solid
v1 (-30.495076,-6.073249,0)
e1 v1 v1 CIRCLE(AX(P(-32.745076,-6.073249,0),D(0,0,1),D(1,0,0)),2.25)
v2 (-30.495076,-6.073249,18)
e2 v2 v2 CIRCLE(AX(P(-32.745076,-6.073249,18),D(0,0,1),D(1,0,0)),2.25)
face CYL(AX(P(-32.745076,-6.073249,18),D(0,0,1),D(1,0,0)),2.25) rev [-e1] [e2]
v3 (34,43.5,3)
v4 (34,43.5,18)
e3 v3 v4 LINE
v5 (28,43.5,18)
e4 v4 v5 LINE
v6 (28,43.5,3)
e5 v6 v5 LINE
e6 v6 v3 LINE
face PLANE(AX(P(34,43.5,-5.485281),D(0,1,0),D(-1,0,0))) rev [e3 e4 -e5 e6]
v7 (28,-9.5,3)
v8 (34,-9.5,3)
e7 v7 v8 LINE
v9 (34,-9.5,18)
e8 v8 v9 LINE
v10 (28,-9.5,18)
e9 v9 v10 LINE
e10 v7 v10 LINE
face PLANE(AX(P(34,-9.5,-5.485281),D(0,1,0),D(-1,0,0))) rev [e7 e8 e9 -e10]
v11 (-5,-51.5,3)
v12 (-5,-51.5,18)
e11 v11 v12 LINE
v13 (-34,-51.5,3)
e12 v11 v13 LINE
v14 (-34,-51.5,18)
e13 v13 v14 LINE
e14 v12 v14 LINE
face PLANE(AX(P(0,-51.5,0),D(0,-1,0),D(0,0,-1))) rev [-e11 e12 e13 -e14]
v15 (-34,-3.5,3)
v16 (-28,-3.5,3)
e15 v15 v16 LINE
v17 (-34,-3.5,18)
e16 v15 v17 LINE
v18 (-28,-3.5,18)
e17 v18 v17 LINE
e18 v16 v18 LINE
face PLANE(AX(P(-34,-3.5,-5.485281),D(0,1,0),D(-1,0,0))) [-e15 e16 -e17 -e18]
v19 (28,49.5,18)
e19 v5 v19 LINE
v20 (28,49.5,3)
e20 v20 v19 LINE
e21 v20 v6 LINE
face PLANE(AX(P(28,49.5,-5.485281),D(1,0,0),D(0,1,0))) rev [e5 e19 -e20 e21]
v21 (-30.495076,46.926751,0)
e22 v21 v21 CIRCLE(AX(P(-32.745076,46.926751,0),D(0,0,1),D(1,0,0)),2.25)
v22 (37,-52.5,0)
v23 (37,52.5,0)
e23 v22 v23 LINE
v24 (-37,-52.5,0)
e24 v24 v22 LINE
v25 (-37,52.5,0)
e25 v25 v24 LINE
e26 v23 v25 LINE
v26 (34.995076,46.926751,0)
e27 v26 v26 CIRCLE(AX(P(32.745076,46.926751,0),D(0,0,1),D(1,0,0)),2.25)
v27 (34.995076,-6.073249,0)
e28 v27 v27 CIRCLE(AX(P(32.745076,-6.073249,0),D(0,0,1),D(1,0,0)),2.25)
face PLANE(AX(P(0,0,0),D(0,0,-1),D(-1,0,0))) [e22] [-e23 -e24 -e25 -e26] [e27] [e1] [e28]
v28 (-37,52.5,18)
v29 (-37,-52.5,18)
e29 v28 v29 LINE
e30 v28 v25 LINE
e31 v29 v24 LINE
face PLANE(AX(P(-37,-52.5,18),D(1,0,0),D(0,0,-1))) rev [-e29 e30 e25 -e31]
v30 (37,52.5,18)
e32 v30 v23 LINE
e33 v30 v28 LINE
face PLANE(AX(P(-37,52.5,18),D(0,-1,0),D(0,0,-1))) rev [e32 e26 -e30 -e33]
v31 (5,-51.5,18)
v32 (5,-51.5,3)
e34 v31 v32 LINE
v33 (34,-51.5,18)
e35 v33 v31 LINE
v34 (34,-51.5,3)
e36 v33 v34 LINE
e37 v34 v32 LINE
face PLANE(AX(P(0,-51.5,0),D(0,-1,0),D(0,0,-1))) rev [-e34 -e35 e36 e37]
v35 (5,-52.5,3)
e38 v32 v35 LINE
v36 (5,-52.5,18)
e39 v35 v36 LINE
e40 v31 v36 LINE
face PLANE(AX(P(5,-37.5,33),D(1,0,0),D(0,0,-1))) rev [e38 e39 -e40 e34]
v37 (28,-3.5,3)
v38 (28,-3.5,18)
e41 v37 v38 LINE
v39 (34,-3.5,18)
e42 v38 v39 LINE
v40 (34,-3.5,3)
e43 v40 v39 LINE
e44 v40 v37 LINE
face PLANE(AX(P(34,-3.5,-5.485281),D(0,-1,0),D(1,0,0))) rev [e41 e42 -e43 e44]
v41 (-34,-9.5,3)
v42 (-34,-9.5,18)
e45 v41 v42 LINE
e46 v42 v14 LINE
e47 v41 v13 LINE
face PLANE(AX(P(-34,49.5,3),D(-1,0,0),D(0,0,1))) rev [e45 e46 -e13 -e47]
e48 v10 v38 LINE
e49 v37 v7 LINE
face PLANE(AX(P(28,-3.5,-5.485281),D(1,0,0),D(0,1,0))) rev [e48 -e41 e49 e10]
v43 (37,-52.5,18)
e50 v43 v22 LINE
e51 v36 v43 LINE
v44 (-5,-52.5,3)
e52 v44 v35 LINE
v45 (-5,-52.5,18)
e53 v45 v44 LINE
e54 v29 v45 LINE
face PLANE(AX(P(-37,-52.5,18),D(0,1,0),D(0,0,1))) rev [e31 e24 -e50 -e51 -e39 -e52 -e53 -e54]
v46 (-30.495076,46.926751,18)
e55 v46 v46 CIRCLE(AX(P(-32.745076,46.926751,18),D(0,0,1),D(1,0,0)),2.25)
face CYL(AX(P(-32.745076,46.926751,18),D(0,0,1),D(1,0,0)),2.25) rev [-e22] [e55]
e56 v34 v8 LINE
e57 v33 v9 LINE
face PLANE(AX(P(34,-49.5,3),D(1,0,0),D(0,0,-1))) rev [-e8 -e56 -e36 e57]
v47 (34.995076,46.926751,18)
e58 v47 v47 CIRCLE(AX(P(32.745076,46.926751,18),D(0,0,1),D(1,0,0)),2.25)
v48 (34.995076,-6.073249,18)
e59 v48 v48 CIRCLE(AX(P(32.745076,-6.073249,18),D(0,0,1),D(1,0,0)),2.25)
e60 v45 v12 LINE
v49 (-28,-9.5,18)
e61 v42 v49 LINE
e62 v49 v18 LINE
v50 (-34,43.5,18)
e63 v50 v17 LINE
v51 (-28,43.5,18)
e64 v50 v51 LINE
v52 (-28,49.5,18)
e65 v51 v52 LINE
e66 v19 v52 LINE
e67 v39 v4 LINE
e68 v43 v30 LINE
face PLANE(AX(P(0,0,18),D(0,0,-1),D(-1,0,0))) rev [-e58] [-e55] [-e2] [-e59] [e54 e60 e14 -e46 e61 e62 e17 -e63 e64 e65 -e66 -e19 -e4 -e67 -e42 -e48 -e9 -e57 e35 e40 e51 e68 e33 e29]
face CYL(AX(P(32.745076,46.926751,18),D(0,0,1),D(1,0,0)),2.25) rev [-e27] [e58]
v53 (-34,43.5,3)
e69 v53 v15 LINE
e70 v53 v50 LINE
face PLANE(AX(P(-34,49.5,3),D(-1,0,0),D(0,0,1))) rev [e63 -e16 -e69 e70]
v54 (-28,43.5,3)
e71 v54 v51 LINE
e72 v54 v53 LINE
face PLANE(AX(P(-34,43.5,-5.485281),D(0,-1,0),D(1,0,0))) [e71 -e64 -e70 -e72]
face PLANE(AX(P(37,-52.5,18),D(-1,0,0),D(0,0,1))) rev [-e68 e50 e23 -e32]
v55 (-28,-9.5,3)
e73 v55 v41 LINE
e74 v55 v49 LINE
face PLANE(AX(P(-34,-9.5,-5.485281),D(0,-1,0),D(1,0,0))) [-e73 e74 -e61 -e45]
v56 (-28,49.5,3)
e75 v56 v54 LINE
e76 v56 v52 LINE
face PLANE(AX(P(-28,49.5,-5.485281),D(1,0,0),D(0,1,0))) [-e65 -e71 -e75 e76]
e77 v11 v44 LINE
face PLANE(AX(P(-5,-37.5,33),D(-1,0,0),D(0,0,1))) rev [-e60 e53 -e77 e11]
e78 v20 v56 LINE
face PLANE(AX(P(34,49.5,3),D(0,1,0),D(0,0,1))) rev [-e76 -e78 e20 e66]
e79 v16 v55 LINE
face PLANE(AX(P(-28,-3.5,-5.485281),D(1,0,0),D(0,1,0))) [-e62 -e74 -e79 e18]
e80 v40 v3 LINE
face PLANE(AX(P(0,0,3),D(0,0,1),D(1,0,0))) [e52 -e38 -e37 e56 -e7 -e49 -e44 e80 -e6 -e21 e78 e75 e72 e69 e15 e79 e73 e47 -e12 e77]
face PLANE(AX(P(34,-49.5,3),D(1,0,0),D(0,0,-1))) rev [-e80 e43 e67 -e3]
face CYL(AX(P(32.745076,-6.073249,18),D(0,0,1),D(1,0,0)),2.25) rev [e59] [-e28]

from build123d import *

# Parameters (mm, degrees)
ESQUISSE1_W                          = 74
ESQUISSE1_H                          = 105
BOSS_EXTRU_1_DEPTH                   = 18
ESQUISSE2_W                          = 68
ESQUISSE2_H                          = 99
ENL_V_MAT_EXTRU_1_DEPTH              = 15
ESQUISSE3_W                          = 6
ESQUISSE3_H                          = 6
BOSS_EXTRU_2_DEPTH                   = 15
D_GAGEMENT_M41_D                     = 4.5
ESQUISSE7_W                          = 10
ESQUISSE7_H                          = 30
ENL_V_MAT_EXTRU_2_DEPTH              = 15
R_P_TITION_LIN_AIRE3_COUNT           = 2
R_P_TITION_LIN_AIRE3_PITCH           = 53
R_P_TITION_LIN_AIRE3_COPY_1_SKETCH_W = 6
R_P_TITION_LIN_AIRE3_COPY_1_SKETCH_H = 6
R_P_TITION_LIN_AIRE3_COPY_1_DEPTH    = 15
R_P_TITION_LIN_AIRE3_COPY_2_D        = 4.5
ESQUISSE8_W                          = 68
ESQUISSE8_H                          = 33.530286581
ENL_V_MAT_EXTRU_3_DEPTH              = 2


with BuildPart() as part:
    # Esquisse1 → Boss.-Extru.1 (new body)
    with BuildSketch(Plane.XY):
        Rectangle(ESQUISSE1_W, ESQUISSE1_H)
    extrude(amount=BOSS_EXTRU_1_DEPTH)

    # Esquisse2 → Enlèv. mat.-Extru.1 (cut)
    with BuildSketch(Plane.XY.offset(18)):
        Rectangle(ESQUISSE2_W, ESQUISSE2_H)
    extrude(amount=-ENL_V_MAT_EXTRU_1_DEPTH, mode=Mode.SUBTRACT)

    # Esquisse3 → Boss.-Extru.2 (add)
    with BuildSketch(Plane.XY.offset(18)):
        with Locations((-31, 46.5)):
            Rectangle(ESQUISSE3_W, ESQUISSE3_H)
    boss_extru_2 = extrude(amount=-BOSS_EXTRU_2_DEPTH)

    # Dégagement M41 (through all)
    with Locations(Plane.XY.offset(18)):
        with Locations((-32.745076206, 46.926751476)):
            d_gagement_m41 = Hole(D_GAGEMENT_M41_D / 2)

    # Esquisse7 → Enlèv. mat.-Extru.2 (cut)
    with BuildSketch(Plane.XZ.offset(52.5)):
        with Locations((0, 18)):
            Rectangle(ESQUISSE7_W, ESQUISSE7_H)
    extrude(amount=-ENL_V_MAT_EXTRU_2_DEPTH, mode=Mode.SUBTRACT)

    # Symétrie5: Boss.-Extru.2, Dégagement M41 across plane
    add(boss_extru_2.mirror(Plane(origin=(0, 0, 0), x_dir=(0, 0, 1), z_dir=(1, 0, 0))))
    add(d_gagement_m41.mirror(Plane(origin=(0, 0, 0), x_dir=(0, 0, 1), z_dir=(1, 0, 0))), mode=Mode.SUBTRACT)

    # Répétition linéaire3: Boss.-Extru.2, Dégagement M41 ×2
    with Locations(*[(0, -i * R_P_TITION_LIN_AIRE3_PITCH, 0) for i in range(1, R_P_TITION_LIN_AIRE3_COUNT)]):
        add(boss_extru_2)
        add(d_gagement_m41, mode=Mode.SUBTRACT)

    # Répétition linéaire3 copy 1 sketch → Répétition linéaire3 copy 1 (add)
    with BuildSketch(Plane(origin=(0, -53, 18), x_dir=(-1, 0, 0), z_dir=(0, 0, 1))):
        with Locations((-31, -46.5)):
            Rectangle(R_P_TITION_LIN_AIRE3_COPY_1_SKETCH_W, R_P_TITION_LIN_AIRE3_COPY_1_SKETCH_H)
    extrude(amount=-R_P_TITION_LIN_AIRE3_COPY_1_DEPTH)

    # Répétition linéaire3 copy 2 (through all)
    with Locations(Plane(origin=(0, -53, 18), x_dir=(-1, 0, 0), z_dir=(0, 0, 1))):
        with Locations((-32.745076206, -46.926751476)):
            Hole(R_P_TITION_LIN_AIRE3_COPY_2_D / 2)

    # Esquisse8 → Enlèv. mat.-Extru.3 (cut)
    with BuildSketch(Plane(origin=(0, -49.5, 0), x_dir=(1, 0, 0), z_dir=(0, 1, 0))):
        with Locations((0, -19.765143291)):
            Rectangle(ESQUISSE8_W, ESQUISSE8_H)
    extrude(amount=-ENL_V_MAT_EXTRU_3_DEPTH, mode=Mode.SUBTRACT)


solid = part.part
